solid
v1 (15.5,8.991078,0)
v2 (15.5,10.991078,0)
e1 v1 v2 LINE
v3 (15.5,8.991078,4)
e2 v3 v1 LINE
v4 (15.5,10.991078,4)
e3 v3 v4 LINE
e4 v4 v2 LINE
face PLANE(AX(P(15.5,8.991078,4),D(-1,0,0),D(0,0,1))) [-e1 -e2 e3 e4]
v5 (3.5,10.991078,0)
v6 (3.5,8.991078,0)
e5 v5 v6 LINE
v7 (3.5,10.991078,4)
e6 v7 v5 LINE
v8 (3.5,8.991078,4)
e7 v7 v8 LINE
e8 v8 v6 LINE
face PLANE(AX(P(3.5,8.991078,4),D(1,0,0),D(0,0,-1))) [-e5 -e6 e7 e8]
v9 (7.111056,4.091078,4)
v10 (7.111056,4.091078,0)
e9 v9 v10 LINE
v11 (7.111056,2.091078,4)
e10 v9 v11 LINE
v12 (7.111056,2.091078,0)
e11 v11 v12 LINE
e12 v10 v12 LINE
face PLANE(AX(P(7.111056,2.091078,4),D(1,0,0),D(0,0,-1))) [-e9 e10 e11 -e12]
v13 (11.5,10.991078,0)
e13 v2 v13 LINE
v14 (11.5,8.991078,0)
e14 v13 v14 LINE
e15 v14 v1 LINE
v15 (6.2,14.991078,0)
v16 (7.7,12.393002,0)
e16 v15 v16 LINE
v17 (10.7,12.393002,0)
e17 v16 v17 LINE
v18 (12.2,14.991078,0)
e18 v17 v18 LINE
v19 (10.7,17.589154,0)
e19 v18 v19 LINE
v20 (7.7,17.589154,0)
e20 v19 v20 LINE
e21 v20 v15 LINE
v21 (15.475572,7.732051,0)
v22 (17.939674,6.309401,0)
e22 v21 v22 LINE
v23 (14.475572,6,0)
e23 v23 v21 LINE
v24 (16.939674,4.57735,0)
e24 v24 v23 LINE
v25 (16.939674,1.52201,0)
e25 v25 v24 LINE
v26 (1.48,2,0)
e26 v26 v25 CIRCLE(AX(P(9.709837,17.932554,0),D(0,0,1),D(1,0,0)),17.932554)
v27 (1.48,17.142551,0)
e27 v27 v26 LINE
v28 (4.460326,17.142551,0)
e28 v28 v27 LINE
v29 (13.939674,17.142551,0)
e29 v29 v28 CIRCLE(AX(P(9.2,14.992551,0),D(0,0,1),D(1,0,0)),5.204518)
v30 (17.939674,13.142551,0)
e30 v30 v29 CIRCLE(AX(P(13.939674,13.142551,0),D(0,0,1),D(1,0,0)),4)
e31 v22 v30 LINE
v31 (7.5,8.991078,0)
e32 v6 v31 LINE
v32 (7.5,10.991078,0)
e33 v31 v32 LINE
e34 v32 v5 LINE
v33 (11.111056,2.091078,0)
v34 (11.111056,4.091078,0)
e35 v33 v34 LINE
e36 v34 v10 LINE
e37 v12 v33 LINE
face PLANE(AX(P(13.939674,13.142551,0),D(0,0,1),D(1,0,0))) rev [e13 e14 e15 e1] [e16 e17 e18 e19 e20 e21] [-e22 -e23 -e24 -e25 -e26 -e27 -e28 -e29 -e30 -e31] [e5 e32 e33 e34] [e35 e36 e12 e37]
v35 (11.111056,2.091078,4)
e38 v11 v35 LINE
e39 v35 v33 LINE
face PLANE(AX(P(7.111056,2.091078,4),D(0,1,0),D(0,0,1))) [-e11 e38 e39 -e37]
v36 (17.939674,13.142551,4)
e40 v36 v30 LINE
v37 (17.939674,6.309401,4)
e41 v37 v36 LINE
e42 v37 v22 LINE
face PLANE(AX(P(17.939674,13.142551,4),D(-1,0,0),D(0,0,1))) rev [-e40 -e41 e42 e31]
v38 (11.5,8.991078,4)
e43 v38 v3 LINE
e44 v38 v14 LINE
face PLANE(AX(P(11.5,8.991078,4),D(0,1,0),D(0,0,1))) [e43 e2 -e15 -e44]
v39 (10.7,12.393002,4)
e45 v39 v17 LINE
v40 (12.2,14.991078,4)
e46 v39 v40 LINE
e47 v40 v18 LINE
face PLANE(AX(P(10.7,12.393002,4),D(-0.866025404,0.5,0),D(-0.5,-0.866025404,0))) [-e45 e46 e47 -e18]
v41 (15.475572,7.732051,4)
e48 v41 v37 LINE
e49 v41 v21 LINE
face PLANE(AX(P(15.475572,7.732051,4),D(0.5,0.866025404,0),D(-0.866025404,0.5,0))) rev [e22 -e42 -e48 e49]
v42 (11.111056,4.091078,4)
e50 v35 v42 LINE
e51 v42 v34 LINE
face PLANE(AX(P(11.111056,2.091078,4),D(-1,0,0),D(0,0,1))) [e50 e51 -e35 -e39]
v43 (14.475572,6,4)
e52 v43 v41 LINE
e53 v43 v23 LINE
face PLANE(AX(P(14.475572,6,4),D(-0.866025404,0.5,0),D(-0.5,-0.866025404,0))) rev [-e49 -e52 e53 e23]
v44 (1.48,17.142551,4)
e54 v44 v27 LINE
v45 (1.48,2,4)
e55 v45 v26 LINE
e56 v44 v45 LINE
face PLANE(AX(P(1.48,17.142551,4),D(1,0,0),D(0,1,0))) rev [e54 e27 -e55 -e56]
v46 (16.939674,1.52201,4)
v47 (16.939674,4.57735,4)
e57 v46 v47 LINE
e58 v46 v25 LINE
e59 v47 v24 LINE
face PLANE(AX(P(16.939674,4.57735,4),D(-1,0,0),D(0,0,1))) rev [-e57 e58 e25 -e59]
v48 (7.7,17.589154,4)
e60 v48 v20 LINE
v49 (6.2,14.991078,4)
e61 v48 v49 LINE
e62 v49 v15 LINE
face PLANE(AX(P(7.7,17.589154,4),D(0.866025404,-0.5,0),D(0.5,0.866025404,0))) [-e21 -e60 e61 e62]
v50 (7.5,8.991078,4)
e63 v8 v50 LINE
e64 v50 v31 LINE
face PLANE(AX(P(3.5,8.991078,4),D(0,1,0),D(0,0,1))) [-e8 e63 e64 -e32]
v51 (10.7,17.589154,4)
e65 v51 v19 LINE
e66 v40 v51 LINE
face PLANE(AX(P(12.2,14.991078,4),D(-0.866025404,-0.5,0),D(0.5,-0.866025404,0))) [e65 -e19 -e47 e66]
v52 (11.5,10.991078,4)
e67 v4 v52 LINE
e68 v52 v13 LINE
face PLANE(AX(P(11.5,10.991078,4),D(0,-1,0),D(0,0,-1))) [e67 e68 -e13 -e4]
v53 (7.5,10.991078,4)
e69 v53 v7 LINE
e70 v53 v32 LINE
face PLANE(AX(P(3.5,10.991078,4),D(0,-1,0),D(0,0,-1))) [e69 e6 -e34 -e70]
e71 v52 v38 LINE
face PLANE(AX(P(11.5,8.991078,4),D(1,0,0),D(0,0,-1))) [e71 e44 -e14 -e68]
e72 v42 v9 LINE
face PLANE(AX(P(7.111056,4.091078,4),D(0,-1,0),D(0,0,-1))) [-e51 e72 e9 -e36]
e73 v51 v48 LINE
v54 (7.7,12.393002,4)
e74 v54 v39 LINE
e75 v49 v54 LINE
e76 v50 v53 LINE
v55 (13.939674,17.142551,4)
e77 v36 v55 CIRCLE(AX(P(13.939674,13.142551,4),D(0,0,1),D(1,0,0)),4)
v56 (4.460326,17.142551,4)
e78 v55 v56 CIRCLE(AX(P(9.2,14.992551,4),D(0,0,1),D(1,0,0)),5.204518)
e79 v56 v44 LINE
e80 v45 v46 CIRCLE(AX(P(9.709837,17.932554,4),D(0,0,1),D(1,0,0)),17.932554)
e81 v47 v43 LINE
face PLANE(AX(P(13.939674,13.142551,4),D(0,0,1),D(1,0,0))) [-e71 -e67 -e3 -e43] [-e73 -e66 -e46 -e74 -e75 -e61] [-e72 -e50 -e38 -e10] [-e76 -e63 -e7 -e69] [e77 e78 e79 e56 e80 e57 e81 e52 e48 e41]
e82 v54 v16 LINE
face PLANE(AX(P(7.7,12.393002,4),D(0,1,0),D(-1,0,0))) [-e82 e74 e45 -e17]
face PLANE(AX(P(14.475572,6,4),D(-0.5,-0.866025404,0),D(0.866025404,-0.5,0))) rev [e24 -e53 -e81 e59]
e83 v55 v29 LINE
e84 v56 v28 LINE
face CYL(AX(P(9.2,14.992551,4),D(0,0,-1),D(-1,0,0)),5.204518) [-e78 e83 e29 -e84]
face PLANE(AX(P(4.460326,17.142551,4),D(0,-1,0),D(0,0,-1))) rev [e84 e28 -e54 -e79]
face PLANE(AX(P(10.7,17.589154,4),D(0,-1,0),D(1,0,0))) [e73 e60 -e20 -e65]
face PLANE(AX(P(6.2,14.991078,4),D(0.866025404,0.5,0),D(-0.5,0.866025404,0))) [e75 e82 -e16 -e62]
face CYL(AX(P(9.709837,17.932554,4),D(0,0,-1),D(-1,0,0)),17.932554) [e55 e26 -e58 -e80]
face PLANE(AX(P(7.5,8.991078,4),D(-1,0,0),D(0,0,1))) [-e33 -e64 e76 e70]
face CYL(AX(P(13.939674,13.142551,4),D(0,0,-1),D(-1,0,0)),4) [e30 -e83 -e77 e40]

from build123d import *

# Parameters (mm, degrees)
SKETCH1_W           = 4
SKETCH1_H           = 2
BOSS_EXTRUDE1_DEPTH = 4


with BuildPart() as part:
    # Sketch1 → Boss-Extrude1 (new body)
    with BuildSketch(Plane.XY):
        with BuildLine():
            Line((14.475572066, 6), (15.475572066, 7.732050808))
            Line((15.475572066, 7.732050808), (17.939673681, 6.309401077))
            Line((17.939673681, 6.309401077), (17.939673681, 13.142551265))
            ThreePointArc((17.939673681, 13.142551265), (16.768100806, 15.97097839), (13.939673681, 17.142551265))
            ThreePointArc((13.939673681, 17.142551265), (9.2, 20.197069168), (4.460326319, 17.142551265))
            Line((4.460326319, 17.142551265), (1.48, 17.142551265))
            Line((1.48, 17.142551265), (1.48, 2))
            ThreePointArc((1.48, 2), (9.155654032, 0.008565204), (16.939673681, 1.522010102))
            Line((16.939673681, 1.522010102), (16.939673681, 4.577350269))
            Line((16.939673681, 4.577350269), (14.475572066, 6))
        make_face()
        with Locations((5.5, 9.99107808)):
            Rectangle(SKETCH1_W, SKETCH1_H, mode=Mode.SUBTRACT)
        with Locations((9.111056117, 3.09107808)):
            Rectangle(SKETCH1_W, SKETCH1_H, mode=Mode.SUBTRACT)
        with Locations((13.5, 9.99107808)):
            Rectangle(SKETCH1_W, SKETCH1_H, mode=Mode.SUBTRACT)
        Polygon((6.2, 14.99107808), (7.7, 12.393001869), (10.7, 12.393001869), (12.2, 14.99107808), (10.7, 17.589154291), (7.7, 17.589154291), align=None, mode=Mode.SUBTRACT)
    extrude(amount=BOSS_EXTRUDE1_DEPTH)


solid = part.part
